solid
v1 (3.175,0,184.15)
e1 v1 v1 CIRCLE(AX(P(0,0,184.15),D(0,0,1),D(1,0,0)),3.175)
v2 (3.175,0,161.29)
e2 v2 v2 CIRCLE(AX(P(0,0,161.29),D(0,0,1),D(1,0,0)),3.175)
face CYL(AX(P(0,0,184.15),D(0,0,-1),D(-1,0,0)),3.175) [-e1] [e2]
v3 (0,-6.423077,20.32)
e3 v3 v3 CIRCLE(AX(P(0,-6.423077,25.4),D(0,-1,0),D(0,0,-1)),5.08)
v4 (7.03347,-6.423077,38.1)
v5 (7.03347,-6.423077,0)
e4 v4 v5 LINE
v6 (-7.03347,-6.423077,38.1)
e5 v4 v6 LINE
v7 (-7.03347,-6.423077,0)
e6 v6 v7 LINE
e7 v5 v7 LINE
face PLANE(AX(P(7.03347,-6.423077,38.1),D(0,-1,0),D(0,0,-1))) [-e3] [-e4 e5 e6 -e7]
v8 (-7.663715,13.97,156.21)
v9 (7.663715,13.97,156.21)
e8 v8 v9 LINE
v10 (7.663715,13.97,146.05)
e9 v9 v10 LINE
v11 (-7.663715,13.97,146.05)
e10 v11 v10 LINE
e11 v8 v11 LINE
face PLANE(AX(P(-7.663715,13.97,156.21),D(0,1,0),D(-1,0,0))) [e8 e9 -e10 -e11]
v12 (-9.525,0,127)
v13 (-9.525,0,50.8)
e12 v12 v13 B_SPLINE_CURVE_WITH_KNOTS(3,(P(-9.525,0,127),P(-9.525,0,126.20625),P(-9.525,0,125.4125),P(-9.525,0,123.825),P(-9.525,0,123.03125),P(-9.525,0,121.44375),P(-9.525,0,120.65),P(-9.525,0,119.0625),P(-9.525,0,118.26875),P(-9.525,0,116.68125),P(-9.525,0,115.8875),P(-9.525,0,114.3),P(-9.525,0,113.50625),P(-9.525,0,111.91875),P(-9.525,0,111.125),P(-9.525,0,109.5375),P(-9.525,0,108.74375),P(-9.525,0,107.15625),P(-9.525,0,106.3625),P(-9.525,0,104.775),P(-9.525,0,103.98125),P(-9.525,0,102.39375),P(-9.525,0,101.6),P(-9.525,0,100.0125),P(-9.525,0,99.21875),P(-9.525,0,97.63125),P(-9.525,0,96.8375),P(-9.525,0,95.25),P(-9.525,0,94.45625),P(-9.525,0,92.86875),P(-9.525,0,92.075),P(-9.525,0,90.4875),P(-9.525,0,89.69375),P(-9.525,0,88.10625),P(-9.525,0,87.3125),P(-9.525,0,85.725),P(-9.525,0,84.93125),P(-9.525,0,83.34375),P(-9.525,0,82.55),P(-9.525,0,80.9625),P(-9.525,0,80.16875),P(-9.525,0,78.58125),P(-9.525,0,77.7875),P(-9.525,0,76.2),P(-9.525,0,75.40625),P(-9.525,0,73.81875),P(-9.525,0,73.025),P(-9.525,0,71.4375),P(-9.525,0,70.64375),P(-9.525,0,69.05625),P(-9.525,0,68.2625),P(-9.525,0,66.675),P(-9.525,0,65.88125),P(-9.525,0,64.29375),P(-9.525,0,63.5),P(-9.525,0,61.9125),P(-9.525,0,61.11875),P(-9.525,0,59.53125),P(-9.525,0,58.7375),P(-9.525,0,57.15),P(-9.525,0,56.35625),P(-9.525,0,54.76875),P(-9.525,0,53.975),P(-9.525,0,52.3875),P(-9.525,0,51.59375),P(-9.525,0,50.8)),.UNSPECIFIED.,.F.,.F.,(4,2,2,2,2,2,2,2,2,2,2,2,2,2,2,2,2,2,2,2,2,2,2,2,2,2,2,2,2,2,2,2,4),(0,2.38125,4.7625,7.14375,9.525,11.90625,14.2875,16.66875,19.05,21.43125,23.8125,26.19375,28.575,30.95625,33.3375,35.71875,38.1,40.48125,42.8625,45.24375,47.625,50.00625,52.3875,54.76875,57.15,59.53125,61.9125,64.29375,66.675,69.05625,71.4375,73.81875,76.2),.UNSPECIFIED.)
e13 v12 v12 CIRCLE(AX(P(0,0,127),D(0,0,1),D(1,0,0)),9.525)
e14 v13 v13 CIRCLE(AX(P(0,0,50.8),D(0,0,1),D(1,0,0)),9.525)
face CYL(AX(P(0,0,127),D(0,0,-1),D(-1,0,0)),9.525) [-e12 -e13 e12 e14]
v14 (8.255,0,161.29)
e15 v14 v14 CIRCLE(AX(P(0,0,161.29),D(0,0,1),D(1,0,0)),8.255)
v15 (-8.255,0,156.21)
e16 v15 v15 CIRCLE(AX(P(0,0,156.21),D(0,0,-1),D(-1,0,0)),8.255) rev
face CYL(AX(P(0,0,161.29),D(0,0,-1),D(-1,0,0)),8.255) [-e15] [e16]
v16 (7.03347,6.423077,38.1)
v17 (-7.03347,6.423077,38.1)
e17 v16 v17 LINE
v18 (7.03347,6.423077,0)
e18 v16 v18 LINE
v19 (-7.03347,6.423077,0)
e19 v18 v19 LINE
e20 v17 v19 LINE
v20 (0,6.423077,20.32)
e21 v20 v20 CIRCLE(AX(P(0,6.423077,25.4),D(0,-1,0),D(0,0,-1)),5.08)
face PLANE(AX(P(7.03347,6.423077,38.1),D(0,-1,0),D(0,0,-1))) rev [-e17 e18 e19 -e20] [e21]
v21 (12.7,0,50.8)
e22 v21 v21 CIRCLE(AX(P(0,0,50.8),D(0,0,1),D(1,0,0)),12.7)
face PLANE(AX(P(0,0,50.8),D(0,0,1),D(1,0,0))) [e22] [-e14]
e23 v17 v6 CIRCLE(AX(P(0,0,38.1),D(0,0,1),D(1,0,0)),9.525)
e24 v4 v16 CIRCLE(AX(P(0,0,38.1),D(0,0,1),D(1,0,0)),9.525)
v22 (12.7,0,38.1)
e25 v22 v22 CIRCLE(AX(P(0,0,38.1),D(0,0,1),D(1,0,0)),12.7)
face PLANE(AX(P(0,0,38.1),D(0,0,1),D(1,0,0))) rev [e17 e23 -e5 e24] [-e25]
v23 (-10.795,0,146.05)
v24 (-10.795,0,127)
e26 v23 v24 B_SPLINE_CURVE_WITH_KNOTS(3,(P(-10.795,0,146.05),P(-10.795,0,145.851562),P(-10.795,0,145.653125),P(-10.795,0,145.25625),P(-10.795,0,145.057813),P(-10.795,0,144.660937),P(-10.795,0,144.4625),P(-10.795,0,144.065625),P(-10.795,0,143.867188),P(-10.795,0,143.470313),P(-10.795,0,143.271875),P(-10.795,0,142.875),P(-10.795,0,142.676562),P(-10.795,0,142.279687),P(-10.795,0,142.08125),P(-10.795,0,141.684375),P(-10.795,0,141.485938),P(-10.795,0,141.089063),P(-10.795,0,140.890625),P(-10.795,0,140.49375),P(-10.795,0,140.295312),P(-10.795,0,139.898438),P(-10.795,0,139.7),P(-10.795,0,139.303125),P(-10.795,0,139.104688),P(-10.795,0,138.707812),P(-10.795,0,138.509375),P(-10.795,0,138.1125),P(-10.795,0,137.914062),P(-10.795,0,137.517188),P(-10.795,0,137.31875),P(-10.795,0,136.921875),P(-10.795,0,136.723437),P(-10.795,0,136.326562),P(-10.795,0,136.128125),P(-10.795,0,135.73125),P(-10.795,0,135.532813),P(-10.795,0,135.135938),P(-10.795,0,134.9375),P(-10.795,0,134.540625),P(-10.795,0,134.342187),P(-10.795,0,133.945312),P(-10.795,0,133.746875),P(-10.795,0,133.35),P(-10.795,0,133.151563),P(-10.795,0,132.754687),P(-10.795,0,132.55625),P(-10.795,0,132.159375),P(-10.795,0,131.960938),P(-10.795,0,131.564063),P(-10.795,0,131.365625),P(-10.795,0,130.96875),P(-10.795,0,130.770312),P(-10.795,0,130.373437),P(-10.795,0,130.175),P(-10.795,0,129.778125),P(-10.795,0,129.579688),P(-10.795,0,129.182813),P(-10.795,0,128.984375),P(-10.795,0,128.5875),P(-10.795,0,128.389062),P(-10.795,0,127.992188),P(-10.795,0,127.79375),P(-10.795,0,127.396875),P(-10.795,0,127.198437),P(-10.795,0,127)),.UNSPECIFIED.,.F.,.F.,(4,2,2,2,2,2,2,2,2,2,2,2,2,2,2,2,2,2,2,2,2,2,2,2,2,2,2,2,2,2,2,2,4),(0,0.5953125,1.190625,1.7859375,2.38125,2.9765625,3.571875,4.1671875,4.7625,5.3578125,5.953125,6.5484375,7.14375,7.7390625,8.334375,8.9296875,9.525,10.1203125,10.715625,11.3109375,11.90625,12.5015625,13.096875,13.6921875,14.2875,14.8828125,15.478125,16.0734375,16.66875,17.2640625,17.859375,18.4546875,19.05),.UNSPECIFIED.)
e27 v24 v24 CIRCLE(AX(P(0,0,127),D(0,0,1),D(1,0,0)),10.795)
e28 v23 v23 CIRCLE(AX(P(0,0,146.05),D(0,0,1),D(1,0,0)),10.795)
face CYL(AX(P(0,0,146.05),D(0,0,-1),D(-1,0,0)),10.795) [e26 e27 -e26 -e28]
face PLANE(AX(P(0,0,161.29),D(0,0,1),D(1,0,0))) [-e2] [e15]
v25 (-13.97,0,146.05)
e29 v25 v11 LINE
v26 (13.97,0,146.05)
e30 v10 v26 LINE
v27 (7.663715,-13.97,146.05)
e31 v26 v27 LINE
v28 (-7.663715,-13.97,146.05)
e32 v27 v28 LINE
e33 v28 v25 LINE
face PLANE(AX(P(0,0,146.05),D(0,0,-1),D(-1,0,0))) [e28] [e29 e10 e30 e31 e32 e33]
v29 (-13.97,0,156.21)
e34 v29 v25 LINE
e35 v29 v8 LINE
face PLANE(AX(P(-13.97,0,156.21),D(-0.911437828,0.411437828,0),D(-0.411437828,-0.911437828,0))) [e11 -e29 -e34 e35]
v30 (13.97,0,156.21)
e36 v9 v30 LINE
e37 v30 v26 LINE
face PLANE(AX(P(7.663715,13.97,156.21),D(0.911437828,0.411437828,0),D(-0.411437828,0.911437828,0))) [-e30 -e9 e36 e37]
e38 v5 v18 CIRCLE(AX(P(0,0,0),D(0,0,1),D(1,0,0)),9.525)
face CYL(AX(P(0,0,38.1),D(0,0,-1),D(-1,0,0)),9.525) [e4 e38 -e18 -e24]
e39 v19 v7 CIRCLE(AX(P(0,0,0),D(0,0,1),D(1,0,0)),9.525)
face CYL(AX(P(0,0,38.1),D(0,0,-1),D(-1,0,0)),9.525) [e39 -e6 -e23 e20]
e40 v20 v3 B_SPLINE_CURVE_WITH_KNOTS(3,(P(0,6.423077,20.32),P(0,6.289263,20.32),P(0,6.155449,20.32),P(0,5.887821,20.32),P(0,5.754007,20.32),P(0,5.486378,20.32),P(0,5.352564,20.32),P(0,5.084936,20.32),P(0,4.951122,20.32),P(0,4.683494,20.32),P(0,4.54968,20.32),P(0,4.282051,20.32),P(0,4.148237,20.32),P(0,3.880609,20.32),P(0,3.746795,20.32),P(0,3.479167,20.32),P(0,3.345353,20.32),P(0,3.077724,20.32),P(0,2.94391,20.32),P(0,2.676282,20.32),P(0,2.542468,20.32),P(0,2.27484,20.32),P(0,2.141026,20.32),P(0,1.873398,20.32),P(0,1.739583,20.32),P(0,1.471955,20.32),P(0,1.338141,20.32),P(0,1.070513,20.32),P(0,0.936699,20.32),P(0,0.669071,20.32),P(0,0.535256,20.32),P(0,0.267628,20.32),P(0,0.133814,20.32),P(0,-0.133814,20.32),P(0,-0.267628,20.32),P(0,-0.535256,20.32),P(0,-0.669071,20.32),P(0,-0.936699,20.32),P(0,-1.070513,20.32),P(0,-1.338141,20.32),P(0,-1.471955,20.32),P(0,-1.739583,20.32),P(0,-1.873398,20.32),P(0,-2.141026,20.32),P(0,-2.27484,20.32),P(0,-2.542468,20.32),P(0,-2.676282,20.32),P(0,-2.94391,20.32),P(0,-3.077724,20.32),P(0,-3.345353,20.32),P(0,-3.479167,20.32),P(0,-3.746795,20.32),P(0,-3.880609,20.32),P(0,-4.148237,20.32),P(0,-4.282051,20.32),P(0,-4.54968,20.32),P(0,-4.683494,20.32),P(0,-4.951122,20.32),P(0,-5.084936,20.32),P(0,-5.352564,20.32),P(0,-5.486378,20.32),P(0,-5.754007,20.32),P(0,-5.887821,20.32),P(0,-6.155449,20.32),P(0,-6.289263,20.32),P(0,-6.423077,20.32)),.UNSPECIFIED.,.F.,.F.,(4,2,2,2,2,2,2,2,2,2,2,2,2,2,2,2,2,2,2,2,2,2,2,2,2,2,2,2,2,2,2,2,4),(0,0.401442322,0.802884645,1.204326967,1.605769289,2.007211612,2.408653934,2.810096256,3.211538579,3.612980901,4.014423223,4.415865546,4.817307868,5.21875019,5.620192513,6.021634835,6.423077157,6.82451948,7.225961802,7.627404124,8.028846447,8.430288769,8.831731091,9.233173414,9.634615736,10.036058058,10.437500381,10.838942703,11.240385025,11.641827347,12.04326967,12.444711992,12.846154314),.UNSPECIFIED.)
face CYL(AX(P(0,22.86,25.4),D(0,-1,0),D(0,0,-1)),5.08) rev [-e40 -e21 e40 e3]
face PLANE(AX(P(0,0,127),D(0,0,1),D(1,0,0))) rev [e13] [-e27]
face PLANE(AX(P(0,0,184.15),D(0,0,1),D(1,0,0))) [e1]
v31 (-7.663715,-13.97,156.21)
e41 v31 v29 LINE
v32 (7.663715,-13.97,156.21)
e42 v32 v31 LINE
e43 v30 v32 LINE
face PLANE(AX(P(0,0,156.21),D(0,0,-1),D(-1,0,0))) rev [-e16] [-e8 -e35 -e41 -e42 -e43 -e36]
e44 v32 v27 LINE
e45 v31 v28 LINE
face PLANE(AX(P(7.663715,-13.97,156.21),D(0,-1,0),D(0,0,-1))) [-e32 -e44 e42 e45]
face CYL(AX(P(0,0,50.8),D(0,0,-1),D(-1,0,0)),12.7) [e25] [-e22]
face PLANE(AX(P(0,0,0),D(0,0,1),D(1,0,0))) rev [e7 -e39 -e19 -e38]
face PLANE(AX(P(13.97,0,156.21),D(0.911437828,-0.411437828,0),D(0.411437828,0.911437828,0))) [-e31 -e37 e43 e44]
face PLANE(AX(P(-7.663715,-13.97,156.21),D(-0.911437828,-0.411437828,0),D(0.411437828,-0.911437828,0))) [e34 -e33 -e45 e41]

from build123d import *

# Parameters (mm, degrees)
SKETCH1_R               = 9.525
BOSS_EXTRUDE1_DEPTH     = 38.1
SKETCH2_R               = 12.7
BOSS_EXTRUDE2_DEPTH     = 12.7
SKETCH3_R               = 9.525
BOSS_EXTRUDE3_DEPTH     = 76.2
SKETCH4_R               = 10.795
BOSS_EXTRUDE4_DEPTH     = 19.05
BOSS_EXTRUDE5_DEPTH     = 10.16
SKETCH6_R               = 8.255
BOSS_EXTRUDE6_DEPTH     = 5.08
SKETCH7_R               = 3.175
BOSS_EXTRUDE7_DEPTH     = 22.86
CUT_EXTRUDE1_DEPTH      = 22.86
CUT_EXTRUDE1_DEPTH_BACK = 22.86
SKETCH8_R               = 5.08
SKETCH9_W               = 16.087027097
SKETCH9_H               = 5.943828254
CUT_EXTRUDE2_DEPTH      = 38.1


with BuildPart() as part:
    # Sketch1 → Boss-Extrude1 (new body)
    with BuildSketch(Plane.XY):
        with Locations(Location((0, 0, 0), (0, 0, 180))):
            Circle(SKETCH1_R)
    extrude(amount=BOSS_EXTRUDE1_DEPTH)

    # Sketch2 → Boss-Extrude2 (add)
    with BuildSketch(Plane.XY.offset(38.1)):
        Circle(SKETCH2_R)
    extrude(amount=BOSS_EXTRUDE2_DEPTH)

    # Sketch3 → Boss-Extrude3 (add)
    with BuildSketch(Plane.XY.offset(50.8)):
        with Locations(Location((0, 0, 0), (0, 0, 180))):
            Circle(SKETCH3_R)
    extrude(amount=BOSS_EXTRUDE3_DEPTH)

    # Sketch4 → Boss-Extrude4 (add)
    with BuildSketch(Plane.XY.offset(127)):
        with Locations(Location((0, 0, 0), (0, 0, 180))):
            Circle(SKETCH4_R)
    extrude(amount=BOSS_EXTRUDE4_DEPTH)

    # Sketch5 → Boss-Extrude5 (add)
    with BuildSketch(Plane.XY.offset(146.05)):
        Polygon((-7.663715272, 13.97), (7.663715272, 13.97), (13.97, 0), (7.663715272, -13.97), (-7.663715272, -13.97), (-13.97, 0), align=None)
    extrude(amount=BOSS_EXTRUDE5_DEPTH)

    # Sketch6 → Boss-Extrude6 (add)
    with BuildSketch(Plane.XY.offset(156.21)):
        with Locations(Location((0, 0, 0), (0, 0, 180))):
            Circle(SKETCH6_R)
    extrude(amount=BOSS_EXTRUDE6_DEPTH)

    # Sketch7 → Boss-Extrude7 (add)
    with BuildSketch(Plane.XY.offset(161.29)):
        Circle(SKETCH7_R)
    extrude(amount=BOSS_EXTRUDE7_DEPTH)

    # Sketch8 → Cut-Extrude1 (cut, two sides: drawn at the far end of the back side and taken through both)
    with BuildSketch(Plane(origin=(0, 0, 0), x_dir=(1, 0, 0), z_dir=(0, 1, 0)).offset(-CUT_EXTRUDE1_DEPTH_BACK)):
        with Locations(Location((0, -25.4, 0), (0, 0, 90))):
            Circle(SKETCH8_R)
    extrude(amount=CUT_EXTRUDE1_DEPTH + CUT_EXTRUDE1_DEPTH_BACK, mode=Mode.SUBTRACT)

    # Sketch9 → Cut-Extrude2 (cut)
    with BuildSketch(Plane(origin=(0, 0, 0), x_dir=(-1, 0, 0), z_dir=(0, 0, -1))):
        with Locations((1.010043222, 9.394991284)):
            Rectangle(SKETCH9_W, SKETCH9_H)
    cut_extrude2 = extrude(amount=-CUT_EXTRUDE2_DEPTH, mode=Mode.SUBTRACT)

    # Mirror1: Cut-Extrude2 across plane
    add(cut_extrude2.mirror(Plane.ZX), mode=Mode.SUBTRACT)


solid = part.part
